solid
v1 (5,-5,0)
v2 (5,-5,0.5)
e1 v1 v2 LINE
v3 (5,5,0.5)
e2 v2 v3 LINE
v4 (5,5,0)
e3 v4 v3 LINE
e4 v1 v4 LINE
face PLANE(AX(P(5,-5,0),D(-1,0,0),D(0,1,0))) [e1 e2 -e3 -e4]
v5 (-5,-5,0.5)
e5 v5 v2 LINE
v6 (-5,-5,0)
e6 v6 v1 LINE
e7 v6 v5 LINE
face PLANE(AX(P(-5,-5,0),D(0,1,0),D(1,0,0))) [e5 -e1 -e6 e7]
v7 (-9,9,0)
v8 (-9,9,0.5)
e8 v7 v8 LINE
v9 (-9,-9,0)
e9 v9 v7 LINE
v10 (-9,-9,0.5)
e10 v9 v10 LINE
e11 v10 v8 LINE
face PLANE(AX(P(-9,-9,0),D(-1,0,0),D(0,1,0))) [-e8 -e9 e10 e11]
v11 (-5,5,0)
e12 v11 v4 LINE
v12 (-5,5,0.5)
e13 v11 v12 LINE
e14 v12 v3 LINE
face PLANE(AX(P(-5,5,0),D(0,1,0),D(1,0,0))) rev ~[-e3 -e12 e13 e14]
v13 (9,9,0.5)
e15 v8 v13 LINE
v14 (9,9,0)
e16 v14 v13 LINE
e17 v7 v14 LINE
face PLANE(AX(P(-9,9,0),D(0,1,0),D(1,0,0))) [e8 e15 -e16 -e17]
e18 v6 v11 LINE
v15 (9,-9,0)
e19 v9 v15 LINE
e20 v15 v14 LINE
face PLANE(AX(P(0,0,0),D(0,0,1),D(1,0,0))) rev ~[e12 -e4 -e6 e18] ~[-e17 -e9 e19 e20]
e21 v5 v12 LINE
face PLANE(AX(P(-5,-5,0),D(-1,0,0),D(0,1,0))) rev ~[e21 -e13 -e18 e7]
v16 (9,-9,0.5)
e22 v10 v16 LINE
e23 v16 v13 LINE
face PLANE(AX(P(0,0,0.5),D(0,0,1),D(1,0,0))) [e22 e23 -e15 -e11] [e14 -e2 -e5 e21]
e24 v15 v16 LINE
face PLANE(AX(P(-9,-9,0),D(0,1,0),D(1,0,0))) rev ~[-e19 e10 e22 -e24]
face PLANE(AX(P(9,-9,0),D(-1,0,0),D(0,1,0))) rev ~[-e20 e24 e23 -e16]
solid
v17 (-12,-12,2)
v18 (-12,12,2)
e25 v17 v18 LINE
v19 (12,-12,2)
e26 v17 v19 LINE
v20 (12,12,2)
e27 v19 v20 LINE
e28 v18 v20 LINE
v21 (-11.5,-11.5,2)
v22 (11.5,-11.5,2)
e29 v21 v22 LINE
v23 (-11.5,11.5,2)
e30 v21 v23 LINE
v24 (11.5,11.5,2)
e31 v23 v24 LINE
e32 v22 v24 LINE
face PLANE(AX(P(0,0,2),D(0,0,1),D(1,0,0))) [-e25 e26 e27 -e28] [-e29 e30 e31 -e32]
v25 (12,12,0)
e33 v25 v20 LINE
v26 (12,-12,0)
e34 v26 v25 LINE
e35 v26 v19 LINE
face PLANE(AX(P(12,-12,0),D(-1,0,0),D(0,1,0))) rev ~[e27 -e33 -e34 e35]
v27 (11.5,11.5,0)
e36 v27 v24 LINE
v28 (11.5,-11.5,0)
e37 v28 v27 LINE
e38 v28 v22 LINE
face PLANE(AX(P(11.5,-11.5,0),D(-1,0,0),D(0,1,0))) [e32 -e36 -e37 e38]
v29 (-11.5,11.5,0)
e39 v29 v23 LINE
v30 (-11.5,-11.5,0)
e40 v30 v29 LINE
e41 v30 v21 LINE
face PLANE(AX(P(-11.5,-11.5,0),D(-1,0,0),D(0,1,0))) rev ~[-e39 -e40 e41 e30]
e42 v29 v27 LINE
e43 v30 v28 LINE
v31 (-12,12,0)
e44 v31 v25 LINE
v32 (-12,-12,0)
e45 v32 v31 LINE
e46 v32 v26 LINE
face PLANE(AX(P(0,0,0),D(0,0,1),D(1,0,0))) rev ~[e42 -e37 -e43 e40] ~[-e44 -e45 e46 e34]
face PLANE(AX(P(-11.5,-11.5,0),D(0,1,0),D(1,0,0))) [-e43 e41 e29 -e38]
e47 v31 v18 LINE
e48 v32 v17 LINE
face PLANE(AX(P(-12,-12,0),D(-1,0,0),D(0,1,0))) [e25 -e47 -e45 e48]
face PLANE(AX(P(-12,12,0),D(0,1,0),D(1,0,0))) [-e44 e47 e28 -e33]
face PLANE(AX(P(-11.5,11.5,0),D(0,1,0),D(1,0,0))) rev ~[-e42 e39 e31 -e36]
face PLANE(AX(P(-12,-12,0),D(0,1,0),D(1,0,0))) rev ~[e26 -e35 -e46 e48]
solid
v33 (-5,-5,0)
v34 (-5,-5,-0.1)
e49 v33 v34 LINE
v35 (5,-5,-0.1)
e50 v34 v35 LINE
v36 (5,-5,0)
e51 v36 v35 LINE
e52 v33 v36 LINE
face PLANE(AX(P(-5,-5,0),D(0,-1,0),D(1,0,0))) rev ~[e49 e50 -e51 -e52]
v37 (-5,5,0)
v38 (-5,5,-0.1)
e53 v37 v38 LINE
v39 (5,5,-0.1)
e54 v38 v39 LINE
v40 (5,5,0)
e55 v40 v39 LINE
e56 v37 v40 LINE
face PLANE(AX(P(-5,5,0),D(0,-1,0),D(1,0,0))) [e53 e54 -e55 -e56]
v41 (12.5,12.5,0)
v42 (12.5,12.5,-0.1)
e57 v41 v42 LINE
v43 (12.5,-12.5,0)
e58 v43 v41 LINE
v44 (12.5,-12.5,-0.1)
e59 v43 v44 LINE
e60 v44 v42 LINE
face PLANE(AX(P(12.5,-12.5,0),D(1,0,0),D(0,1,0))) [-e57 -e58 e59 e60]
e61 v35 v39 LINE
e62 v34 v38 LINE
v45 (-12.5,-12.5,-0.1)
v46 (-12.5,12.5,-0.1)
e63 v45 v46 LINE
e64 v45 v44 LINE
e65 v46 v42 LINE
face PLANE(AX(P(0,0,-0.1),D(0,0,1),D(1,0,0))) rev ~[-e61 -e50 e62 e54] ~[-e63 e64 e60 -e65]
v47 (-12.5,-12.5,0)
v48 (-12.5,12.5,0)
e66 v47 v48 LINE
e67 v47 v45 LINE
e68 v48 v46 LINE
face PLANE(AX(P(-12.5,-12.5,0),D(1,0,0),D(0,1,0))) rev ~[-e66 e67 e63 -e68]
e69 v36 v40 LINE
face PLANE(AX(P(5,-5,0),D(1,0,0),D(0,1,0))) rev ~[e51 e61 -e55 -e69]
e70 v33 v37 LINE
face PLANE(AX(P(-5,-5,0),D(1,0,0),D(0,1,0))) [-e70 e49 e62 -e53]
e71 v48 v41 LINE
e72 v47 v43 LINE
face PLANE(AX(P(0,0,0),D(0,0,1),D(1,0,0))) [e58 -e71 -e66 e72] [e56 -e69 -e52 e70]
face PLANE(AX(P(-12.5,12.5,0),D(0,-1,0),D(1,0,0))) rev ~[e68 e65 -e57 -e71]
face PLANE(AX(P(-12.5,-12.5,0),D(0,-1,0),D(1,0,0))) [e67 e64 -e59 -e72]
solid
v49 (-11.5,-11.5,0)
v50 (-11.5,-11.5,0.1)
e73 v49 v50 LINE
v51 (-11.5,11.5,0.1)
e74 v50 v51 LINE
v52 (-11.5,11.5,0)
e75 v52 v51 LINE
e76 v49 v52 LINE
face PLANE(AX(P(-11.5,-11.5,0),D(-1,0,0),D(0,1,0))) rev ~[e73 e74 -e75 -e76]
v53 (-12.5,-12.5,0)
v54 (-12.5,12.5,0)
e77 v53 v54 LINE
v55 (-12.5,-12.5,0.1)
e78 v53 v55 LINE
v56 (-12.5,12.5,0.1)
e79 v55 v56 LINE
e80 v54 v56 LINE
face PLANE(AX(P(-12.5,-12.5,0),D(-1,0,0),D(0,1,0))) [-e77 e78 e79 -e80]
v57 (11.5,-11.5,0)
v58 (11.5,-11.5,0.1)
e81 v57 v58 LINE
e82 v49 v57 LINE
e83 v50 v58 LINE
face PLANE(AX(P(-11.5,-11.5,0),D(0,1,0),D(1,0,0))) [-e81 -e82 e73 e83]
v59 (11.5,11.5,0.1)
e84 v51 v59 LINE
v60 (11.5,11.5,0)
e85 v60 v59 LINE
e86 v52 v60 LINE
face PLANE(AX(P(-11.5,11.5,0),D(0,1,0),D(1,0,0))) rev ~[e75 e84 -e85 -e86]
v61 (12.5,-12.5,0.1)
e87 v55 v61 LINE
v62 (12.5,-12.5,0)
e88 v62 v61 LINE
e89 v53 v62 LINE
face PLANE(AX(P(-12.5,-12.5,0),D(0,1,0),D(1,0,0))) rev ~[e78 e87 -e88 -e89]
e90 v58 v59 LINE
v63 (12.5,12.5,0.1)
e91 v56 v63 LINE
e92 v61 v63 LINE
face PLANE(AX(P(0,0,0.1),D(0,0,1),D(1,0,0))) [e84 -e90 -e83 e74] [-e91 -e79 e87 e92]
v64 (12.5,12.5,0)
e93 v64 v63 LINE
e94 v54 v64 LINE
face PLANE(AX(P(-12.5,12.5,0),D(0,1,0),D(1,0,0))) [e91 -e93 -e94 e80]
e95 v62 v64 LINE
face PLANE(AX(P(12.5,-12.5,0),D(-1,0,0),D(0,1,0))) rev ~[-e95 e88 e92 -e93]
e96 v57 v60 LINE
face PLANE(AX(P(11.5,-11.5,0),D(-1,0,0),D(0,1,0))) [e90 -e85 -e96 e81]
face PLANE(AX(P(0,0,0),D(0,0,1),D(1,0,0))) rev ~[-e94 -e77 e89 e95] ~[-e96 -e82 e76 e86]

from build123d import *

# Parameters (mm, degrees)
F0_W     = 18
F0_H     = 18
F0_W_2   = 10
F0_H_2   = 10
F1_DEPTH = 0.5
F2_W     = 25
F2_H     = 25
F2_W_2   = 23
F2_H_2   = 23
F3_DEPTH = 0.1
F4_W     = 25
F4_H     = 25
F4_W_2   = 10
F4_H_2   = 10
F5_DEPTH = 0.1
F6_W     = 24
F6_H     = 24
F6_W_2   = 23
F6_H_2   = 23
F7_DEPTH = 2


with BuildPart() as f1:
    # F0 (on Top) → F1 (new body)
    with BuildSketch(Plane.XY):
        Rectangle(F0_W, F0_H)
        Rectangle(F0_W_2, F0_H_2, mode=Mode.SUBTRACT)
    extrude(amount=F1_DEPTH)


with BuildPart() as f3:
    # F2 (on Top) → F3 (new body)
    with BuildSketch(Plane.XY):
        Rectangle(F2_W, F2_H)
        Rectangle(F2_W_2, F2_H_2, mode=Mode.SUBTRACT)
    extrude(amount=F3_DEPTH)


with BuildPart() as f5:
    # F4 (on Top) → F5 (new body)
    with BuildSketch(Plane.XY):
        Rectangle(F4_W, F4_H)
        Rectangle(F4_W_2, F4_H_2, mode=Mode.SUBTRACT)
    extrude(amount=-F5_DEPTH)


with BuildPart() as f7:
    # F6 (on Top) → F7 (new body)
    with BuildSketch(Plane.XY):
        Rectangle(F6_W, F6_H)
        Rectangle(F6_W_2, F6_H_2, mode=Mode.SUBTRACT)
    extrude(amount=F7_DEPTH)


solid = Compound([f1.part, f3.part, f5.part, f7.part])
